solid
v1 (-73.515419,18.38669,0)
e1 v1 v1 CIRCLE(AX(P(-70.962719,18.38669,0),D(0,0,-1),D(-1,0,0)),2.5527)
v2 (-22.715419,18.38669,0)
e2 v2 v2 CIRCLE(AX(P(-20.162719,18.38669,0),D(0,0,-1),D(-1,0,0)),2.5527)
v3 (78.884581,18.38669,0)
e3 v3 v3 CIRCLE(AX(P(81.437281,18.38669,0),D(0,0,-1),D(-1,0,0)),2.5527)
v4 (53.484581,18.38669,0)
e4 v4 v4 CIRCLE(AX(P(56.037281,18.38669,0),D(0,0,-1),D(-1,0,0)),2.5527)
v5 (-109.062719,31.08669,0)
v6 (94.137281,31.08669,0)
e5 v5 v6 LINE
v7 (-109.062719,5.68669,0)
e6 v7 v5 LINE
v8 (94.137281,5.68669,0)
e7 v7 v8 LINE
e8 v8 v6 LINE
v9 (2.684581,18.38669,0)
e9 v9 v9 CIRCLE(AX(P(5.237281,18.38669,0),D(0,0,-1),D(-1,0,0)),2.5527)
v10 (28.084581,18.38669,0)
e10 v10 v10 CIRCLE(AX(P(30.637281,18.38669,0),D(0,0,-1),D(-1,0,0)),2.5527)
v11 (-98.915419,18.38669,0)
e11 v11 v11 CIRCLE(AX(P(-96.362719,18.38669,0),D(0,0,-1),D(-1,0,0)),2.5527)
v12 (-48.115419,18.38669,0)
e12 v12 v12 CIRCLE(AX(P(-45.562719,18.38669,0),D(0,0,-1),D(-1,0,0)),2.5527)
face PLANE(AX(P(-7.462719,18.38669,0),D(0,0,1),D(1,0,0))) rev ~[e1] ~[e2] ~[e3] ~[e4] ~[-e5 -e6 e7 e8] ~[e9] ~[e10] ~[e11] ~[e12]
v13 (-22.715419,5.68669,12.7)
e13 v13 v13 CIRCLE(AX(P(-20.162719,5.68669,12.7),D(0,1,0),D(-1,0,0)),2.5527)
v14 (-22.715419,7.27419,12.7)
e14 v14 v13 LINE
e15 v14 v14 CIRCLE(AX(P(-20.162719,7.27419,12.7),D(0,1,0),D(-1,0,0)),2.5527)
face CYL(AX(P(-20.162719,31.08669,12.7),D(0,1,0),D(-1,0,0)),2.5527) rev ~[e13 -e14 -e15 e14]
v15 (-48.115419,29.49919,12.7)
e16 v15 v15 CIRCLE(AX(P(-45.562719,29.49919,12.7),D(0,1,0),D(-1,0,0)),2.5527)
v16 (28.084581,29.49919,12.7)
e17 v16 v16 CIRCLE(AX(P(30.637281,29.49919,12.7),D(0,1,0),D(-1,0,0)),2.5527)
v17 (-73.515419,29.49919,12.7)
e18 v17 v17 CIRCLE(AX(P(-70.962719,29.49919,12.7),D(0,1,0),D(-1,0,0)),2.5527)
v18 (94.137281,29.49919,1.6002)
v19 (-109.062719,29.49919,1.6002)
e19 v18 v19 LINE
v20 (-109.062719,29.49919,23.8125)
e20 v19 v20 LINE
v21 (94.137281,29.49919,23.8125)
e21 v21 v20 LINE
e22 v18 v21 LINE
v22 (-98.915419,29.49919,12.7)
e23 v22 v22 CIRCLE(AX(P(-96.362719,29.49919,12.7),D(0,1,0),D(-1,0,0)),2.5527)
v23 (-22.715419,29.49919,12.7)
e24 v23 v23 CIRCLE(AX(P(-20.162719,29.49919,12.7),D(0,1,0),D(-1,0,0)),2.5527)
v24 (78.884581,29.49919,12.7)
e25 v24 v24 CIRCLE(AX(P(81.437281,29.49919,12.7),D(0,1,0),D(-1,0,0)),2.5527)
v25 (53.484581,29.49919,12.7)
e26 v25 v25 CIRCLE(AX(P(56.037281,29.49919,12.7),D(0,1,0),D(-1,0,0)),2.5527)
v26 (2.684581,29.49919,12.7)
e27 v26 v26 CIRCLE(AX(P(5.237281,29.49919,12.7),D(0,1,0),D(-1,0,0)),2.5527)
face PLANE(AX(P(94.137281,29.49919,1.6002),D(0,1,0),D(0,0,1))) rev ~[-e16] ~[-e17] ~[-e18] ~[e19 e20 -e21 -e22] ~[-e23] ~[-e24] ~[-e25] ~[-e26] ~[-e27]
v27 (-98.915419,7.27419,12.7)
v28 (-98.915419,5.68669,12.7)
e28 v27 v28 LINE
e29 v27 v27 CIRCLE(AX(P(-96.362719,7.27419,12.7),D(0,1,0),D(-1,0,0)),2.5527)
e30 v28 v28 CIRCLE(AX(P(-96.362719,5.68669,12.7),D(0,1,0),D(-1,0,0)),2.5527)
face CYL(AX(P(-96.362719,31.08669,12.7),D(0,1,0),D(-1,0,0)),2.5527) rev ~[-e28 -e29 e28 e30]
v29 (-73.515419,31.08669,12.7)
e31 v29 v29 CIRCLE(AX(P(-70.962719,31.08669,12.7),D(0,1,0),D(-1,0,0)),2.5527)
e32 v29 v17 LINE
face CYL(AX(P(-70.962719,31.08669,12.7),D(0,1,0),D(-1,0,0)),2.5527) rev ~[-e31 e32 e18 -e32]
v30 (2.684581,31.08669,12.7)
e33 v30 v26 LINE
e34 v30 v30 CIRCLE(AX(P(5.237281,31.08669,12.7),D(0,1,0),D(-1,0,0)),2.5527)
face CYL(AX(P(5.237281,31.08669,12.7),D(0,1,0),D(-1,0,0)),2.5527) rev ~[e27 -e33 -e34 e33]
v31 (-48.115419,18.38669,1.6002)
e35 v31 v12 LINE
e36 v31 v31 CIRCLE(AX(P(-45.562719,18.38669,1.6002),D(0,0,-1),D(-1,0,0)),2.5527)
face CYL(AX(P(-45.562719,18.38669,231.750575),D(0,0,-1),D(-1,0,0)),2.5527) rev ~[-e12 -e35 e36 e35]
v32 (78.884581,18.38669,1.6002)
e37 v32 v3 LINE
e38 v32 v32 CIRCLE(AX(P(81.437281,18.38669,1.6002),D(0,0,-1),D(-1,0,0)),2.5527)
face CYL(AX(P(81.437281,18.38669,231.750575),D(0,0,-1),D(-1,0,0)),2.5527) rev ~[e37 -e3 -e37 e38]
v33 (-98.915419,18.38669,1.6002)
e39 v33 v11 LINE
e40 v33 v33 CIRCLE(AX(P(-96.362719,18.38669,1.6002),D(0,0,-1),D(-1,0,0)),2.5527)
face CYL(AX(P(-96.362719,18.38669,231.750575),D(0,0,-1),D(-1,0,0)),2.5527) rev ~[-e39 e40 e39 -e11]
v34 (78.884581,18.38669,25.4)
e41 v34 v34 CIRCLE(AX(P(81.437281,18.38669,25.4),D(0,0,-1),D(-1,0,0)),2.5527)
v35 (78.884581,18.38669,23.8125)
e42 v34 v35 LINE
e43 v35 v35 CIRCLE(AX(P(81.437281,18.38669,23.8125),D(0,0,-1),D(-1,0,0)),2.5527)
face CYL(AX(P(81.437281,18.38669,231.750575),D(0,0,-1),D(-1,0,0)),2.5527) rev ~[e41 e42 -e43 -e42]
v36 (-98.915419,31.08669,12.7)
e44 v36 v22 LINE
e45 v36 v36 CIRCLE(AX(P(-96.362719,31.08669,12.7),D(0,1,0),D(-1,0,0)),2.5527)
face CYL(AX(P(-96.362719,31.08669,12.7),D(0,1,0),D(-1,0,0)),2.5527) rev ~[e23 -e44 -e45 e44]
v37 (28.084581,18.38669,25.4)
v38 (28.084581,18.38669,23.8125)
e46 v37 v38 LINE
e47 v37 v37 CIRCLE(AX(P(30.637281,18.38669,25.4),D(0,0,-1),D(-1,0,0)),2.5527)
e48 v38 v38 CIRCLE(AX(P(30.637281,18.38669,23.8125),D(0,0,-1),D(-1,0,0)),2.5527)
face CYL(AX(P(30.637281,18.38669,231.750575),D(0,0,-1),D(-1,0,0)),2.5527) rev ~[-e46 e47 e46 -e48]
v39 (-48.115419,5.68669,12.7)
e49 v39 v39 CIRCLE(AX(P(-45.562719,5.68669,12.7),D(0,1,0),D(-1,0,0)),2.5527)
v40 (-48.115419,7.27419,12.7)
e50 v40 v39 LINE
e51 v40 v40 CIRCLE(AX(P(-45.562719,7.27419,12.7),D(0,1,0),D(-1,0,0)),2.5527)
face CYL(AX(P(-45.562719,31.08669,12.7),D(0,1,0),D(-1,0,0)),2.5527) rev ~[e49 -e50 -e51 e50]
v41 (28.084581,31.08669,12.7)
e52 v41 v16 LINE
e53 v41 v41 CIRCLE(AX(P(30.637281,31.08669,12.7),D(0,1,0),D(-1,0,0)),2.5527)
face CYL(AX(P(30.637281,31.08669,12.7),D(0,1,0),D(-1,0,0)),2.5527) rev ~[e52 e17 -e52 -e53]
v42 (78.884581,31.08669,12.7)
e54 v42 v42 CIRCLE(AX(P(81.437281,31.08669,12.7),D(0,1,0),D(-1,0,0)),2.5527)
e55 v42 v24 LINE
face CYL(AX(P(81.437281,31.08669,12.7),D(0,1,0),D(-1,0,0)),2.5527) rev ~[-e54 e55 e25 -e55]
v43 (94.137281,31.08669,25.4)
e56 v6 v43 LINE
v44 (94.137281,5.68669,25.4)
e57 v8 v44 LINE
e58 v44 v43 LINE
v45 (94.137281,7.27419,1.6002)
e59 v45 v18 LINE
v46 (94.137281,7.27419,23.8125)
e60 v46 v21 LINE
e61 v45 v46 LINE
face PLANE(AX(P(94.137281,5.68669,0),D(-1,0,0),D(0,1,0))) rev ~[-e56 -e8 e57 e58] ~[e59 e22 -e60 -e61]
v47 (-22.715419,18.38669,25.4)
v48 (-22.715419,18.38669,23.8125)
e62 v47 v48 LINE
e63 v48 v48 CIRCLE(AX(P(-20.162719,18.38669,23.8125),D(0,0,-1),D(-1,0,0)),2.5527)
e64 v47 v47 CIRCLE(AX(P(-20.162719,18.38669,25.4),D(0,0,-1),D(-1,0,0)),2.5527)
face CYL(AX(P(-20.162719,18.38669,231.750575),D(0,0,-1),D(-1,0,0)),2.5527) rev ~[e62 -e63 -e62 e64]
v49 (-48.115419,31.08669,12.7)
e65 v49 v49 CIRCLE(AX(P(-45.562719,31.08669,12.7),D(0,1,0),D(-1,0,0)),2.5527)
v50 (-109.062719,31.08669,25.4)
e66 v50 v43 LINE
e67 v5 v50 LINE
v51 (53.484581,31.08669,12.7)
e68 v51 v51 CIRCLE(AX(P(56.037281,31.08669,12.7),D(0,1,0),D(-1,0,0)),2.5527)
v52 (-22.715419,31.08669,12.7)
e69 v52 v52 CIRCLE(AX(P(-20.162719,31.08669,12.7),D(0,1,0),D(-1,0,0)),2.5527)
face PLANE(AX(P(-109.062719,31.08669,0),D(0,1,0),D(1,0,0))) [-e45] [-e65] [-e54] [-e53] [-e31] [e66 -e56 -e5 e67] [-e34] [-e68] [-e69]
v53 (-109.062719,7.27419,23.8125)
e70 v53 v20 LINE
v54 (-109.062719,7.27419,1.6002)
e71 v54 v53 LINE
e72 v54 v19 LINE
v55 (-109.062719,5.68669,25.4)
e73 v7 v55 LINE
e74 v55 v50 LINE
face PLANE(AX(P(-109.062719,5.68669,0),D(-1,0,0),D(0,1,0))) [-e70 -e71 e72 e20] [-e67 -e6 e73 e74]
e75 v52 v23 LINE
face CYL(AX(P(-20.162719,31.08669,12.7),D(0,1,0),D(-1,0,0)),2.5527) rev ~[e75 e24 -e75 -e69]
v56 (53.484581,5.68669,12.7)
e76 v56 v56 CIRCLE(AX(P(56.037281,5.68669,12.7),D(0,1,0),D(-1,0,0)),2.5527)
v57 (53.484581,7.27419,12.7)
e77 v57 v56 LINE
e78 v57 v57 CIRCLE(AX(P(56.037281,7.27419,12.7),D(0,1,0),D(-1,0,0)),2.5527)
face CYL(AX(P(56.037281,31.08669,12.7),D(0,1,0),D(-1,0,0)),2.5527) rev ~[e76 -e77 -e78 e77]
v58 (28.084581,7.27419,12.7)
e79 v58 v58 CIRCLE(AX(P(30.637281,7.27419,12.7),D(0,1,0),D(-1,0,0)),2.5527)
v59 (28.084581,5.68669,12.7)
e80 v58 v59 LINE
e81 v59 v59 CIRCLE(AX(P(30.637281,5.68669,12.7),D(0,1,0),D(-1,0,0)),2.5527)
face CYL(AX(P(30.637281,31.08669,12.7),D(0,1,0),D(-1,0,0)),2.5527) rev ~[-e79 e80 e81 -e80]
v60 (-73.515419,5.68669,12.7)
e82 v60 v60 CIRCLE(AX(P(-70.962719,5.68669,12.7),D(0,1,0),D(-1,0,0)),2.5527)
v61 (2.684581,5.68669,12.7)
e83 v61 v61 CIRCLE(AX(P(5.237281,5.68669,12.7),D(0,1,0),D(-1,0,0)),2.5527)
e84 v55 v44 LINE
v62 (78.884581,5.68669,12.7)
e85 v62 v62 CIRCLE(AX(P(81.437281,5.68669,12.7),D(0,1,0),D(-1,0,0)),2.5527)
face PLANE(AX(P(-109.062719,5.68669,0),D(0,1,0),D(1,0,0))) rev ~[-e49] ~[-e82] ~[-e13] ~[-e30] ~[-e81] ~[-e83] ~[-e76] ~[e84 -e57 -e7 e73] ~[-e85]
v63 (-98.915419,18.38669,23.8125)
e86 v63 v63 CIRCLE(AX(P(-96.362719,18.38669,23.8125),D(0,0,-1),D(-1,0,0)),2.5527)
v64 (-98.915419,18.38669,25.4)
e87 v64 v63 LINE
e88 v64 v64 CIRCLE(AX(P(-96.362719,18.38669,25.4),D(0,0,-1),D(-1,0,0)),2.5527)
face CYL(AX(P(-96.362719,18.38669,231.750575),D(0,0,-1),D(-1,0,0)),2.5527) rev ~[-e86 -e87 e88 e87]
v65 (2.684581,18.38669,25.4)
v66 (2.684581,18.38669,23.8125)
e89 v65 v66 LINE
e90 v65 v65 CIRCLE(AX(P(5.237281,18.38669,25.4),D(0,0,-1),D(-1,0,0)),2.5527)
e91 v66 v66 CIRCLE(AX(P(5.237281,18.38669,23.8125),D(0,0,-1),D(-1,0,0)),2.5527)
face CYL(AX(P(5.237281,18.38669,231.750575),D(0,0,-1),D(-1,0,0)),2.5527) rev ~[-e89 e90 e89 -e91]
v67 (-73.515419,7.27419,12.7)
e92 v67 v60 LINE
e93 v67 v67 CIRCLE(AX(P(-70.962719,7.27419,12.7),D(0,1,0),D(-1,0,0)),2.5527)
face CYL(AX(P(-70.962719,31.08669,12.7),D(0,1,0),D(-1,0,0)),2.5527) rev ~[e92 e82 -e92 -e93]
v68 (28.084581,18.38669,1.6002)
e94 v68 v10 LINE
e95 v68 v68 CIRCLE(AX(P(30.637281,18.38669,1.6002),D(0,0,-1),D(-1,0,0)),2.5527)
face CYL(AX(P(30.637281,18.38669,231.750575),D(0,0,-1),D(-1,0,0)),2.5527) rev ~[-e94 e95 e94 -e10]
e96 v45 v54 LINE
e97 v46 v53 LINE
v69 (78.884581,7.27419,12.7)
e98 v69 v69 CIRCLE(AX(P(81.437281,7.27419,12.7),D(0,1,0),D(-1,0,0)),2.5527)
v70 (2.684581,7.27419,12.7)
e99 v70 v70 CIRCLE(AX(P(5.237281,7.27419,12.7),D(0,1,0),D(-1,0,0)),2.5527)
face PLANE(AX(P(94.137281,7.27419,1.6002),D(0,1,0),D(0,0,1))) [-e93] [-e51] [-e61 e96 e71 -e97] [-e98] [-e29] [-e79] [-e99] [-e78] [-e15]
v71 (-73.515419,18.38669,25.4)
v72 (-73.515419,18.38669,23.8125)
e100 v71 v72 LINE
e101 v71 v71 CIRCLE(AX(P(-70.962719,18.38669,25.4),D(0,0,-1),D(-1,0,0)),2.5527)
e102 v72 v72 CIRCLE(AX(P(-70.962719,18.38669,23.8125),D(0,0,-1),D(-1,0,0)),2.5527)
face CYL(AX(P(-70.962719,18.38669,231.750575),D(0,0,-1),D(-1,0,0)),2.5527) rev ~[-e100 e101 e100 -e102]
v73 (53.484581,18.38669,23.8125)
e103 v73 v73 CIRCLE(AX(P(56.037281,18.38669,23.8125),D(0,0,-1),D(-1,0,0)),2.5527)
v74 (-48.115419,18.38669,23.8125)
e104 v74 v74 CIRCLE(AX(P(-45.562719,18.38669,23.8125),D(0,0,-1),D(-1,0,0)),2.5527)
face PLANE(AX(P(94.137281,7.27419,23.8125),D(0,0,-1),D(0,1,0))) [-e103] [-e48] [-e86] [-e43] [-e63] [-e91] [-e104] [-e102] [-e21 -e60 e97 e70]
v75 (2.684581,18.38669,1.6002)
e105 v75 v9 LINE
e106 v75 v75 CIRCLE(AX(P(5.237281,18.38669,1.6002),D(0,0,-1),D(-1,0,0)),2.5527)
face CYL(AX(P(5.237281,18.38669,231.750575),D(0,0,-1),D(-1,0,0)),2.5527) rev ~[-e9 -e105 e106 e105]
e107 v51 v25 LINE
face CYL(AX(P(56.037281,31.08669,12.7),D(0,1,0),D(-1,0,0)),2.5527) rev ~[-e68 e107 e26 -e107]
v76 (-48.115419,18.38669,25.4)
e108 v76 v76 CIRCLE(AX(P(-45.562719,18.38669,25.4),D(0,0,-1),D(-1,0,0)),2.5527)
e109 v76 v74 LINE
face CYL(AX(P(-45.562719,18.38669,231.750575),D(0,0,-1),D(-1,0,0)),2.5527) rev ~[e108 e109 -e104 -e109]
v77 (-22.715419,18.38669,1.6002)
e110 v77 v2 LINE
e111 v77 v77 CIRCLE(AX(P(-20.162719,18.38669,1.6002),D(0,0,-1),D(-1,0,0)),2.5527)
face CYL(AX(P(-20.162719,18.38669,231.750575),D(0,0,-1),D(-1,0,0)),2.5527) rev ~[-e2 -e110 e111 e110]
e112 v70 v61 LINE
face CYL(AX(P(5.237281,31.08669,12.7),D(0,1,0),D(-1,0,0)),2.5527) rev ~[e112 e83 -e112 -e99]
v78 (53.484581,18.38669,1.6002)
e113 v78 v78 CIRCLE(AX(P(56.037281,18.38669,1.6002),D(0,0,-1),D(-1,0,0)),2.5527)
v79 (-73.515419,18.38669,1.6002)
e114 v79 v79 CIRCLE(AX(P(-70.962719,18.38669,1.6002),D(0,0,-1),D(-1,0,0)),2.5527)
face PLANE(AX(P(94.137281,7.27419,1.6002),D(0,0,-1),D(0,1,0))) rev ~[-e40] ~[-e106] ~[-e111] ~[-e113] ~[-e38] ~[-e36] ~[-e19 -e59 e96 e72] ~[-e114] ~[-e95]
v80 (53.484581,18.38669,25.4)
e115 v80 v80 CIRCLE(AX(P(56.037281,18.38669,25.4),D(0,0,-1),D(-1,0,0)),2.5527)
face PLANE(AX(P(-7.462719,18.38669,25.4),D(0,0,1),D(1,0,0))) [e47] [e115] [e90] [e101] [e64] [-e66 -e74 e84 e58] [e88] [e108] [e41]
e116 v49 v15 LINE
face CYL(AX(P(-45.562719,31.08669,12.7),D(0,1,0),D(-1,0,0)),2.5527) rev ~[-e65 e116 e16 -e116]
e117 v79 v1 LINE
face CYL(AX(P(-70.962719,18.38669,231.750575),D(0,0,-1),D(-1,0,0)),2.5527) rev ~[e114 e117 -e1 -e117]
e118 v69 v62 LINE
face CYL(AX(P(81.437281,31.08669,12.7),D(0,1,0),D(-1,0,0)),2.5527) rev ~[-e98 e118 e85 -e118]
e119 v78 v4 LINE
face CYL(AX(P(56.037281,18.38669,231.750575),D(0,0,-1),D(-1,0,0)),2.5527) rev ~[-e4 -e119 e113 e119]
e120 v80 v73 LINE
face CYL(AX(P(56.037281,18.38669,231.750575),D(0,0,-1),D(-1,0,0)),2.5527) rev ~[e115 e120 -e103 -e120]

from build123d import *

# Parameters (mm, degrees)
F0_W     = 203.2
F0_H     = 25.4
F1_DEPTH = 25.4
F2_W     = 22.225
F2_H     = 22.2123
F3_DEPTH = 203.2
F5_R     = 2.5527
F6_DEPTH = 50.8
F7_D     = 5.1054


with BuildPart() as f1:
    # F0 (on Top) → F1 (new body)
    with BuildSketch(Plane.XY):
        with Locations((-7.462719, 18.38669)):
            Rectangle(F0_W, F0_H)
    extrude(amount=F1_DEPTH)

    # F2 (on face) → F3 (cut)
    with BuildSketch(Plane.YZ.offset(94.137281)):
        with Locations((18.38669, 12.70635)):
            Rectangle(F2_W, F2_H)
    extrude(amount=-F3_DEPTH, mode=Mode.SUBTRACT)

    # F5 (on face) → F6 (cut)
    with BuildSketch(Plane(origin=(0, 31.08669, 0), x_dir=(-1, 0, 0), z_dir=(0, 1, 0))):
        with Locations((-5.237281, 12.7)):
            Circle(F5_R)
        with Locations((-30.637281, 12.7)):
            Circle(F5_R)
        with Locations((20.162719, 12.7)):
            Circle(F5_R)
        with Locations((45.562719, 12.7)):
            Circle(F5_R)
        with Locations((70.962719, 12.7)):
            Circle(F5_R)
        with Locations((96.362719, 12.7)):
            Circle(F5_R)
        with Locations((-81.437281, 12.7)):
            Circle(F5_R)
        with Locations((-56.037281, 12.7)):
            Circle(F5_R)
    extrude(amount=-F6_DEPTH, mode=Mode.SUBTRACT)

    # F7 (through all)
    with Locations(Plane.XY.offset(25.4)):
        with Locations((81.437281, -7.01331), (-96.362719, 18.38669), (-70.962719, 18.38669), (30.637281, 18.38669), (-96.362719, -7.01331), (-20.162719, 18.38669), (81.437281, 18.38669), (-45.562719, -7.01331), (5.237281, -7.01331), (56.037281, -7.01331), (30.637281, -7.01331), (56.037281, 18.38669), (-45.562719, 18.38669), (-70.962719, -7.01331), (-20.162719, -7.01331), (5.237281, 18.38669)):
            Hole(F7_D / 2)


solid = f1.part
